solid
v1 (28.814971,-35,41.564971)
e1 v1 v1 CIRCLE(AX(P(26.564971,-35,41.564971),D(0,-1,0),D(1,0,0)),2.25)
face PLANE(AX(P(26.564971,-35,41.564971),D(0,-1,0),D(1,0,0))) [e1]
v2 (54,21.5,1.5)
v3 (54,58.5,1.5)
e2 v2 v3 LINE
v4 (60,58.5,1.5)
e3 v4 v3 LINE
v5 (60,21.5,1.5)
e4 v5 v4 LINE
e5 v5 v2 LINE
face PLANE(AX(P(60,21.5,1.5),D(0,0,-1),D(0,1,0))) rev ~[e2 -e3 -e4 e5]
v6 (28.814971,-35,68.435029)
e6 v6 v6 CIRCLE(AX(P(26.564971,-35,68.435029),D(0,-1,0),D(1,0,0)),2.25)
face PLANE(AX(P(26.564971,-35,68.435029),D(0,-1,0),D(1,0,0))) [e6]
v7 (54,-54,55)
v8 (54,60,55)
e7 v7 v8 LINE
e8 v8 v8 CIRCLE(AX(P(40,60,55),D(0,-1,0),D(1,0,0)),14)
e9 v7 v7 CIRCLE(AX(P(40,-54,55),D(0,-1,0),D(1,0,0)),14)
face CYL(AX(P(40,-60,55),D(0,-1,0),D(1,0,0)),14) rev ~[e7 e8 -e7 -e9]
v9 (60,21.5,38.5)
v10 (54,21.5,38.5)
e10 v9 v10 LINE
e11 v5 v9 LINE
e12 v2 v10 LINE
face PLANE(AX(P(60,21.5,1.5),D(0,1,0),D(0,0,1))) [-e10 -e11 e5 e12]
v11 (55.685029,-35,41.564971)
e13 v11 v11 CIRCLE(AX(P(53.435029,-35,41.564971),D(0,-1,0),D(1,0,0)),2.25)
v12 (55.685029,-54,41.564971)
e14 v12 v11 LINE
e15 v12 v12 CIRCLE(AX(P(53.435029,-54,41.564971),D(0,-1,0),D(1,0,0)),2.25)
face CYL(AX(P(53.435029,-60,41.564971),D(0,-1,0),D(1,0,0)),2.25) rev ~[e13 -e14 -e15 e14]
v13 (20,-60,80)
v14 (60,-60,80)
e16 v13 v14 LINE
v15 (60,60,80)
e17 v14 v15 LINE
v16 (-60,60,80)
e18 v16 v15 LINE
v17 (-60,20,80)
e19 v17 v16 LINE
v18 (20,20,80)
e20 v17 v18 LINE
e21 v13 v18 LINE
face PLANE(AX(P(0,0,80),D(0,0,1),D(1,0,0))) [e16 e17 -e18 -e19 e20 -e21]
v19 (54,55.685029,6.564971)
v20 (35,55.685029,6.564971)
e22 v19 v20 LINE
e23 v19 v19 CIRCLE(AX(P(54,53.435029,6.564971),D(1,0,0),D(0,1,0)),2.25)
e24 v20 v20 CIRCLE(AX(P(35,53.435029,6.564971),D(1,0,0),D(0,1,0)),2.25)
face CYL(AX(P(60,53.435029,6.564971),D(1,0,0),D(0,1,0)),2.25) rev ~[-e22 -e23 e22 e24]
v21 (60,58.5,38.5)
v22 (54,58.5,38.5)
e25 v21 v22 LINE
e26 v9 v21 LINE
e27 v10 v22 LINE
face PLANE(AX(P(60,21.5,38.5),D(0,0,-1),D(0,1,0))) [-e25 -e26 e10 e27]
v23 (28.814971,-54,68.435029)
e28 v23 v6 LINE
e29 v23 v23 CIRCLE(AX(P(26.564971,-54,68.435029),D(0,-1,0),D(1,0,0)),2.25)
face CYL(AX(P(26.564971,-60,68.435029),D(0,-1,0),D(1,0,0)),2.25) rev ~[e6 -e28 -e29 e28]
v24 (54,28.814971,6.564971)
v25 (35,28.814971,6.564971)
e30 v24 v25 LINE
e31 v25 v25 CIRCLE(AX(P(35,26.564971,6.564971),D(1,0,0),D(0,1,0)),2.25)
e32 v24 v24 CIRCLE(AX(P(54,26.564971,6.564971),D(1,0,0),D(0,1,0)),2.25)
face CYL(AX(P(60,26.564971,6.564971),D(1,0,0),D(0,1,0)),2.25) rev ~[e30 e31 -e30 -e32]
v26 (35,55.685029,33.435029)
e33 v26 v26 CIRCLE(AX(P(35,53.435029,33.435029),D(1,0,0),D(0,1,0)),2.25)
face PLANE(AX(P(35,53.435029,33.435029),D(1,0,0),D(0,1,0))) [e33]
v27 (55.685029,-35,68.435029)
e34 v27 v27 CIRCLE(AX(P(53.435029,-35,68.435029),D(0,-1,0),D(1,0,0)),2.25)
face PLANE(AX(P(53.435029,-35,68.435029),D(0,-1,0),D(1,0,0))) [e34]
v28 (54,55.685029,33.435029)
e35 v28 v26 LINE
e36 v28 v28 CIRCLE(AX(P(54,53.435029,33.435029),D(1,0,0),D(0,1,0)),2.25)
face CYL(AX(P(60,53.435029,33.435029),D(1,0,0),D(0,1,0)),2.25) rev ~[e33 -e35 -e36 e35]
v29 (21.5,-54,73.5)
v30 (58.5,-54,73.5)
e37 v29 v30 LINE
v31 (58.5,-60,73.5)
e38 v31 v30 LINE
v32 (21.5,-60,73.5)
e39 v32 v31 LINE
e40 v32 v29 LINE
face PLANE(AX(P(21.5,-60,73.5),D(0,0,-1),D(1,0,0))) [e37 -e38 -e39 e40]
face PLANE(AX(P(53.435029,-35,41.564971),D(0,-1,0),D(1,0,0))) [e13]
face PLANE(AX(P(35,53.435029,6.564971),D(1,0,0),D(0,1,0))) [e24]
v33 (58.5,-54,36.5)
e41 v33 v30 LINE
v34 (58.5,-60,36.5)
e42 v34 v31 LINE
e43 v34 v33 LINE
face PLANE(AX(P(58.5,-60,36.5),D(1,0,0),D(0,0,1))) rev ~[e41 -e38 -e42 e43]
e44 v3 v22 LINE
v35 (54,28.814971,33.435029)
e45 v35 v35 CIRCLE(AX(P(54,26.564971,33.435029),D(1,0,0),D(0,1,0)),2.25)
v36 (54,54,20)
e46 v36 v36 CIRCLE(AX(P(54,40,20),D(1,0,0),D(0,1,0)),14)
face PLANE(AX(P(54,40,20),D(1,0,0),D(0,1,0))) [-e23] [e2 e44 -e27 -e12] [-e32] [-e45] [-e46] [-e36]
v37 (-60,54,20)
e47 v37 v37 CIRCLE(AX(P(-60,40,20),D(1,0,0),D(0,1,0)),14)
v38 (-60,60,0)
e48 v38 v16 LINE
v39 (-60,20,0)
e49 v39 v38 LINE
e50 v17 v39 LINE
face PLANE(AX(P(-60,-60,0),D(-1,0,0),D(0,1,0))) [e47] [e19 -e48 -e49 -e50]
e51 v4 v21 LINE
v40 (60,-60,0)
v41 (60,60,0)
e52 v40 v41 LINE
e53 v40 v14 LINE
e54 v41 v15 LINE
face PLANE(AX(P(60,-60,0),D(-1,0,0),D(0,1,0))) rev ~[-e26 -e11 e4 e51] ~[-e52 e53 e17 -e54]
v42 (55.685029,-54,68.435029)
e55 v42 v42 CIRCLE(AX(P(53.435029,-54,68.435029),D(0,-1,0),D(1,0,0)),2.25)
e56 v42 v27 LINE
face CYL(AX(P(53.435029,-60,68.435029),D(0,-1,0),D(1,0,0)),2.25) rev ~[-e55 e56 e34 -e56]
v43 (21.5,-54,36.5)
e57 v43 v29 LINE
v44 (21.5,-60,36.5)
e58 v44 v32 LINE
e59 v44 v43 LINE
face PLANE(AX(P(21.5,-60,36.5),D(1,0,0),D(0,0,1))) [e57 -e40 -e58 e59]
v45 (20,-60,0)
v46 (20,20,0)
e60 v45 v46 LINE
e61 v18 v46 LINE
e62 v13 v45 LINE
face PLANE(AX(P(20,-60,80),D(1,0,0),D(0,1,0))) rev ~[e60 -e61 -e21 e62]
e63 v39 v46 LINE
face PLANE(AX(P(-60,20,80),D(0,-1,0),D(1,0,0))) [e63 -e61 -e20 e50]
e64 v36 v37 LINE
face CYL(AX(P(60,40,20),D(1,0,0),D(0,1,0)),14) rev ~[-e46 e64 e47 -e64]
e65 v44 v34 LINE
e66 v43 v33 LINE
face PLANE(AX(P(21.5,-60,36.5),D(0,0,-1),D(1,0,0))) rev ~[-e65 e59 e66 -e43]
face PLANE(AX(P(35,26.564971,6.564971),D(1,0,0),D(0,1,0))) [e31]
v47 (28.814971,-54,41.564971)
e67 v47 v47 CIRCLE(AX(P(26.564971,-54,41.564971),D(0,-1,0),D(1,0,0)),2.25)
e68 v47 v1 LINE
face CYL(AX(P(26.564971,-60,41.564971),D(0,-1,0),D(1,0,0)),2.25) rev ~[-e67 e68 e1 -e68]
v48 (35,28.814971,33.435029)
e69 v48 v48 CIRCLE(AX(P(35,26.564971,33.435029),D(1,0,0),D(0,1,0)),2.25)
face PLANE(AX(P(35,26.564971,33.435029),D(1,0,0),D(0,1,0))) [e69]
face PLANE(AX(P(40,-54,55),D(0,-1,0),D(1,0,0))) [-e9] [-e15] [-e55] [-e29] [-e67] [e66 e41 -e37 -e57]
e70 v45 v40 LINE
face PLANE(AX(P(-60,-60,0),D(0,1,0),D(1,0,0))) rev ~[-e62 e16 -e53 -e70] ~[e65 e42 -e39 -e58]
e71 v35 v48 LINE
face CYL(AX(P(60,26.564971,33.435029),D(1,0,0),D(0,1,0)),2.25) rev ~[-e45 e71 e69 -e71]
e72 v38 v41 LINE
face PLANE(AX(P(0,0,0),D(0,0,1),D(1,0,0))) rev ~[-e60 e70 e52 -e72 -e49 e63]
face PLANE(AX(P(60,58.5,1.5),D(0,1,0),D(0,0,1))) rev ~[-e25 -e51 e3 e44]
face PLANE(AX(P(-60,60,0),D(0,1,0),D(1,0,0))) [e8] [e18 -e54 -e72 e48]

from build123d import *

# Parameters (mm, degrees)
F0_W      = 120
F0_H      = 120
F1_DEPTH  = 80
F2_W      = 37
F2_H      = 37
F2_R      = 2.25
F2_R_2    = 14
F3_DEPTH  = 6
F4_DEPTH  = 120.001
F5_DEPTH  = 25
F6_W      = 37
F6_H      = 37
F6_R      = 2.25
F6_R_2    = 14
F7_DEPTH  = 6
F8_DEPTH  = 120.001
F9_DEPTH  = 25
F10_W     = 80
F10_H     = 80
F11_DEPTH = 80.001


with BuildPart() as f1:
    # F0 (on Top) → F1 (new body)
    with BuildSketch(Plane.XY):
        Rectangle(F0_W, F0_H)
    extrude(amount=F1_DEPTH)

    # F2 (on face) → F3 (cut)
    with BuildSketch(Plane.XZ.offset(60)):
        with Locations((40, 55)):
            Rectangle(F2_W, F2_H)
        with Locations((26.564971, 41.564971)):
            Circle(F2_R, mode=Mode.SUBTRACT)
        with Locations((53.435029, 41.564971)):
            Circle(F2_R, mode=Mode.SUBTRACT)
        with Locations((26.564971, 68.435029)):
            Circle(F2_R, mode=Mode.SUBTRACT)
        with Locations((40, 55)):
            Circle(F2_R_2, mode=Mode.SUBTRACT)
        with Locations((53.435029, 68.435029)):
            Circle(F2_R, mode=Mode.SUBTRACT)
        with Locations((26.564971, 68.435029)):
            Circle(F2_R)
        with Locations((40, 55)):
            Circle(F2_R_2)
        with Locations((53.435029, 68.435029)):
            Circle(F2_R)
        with Locations((53.435029, 41.564971)):
            Circle(F2_R)
        with Locations((26.564971, 41.564971)):
            Circle(F2_R)
    extrude(amount=-F3_DEPTH, mode=Mode.SUBTRACT)

    # F2 (on face) → F4 (cut, through all)
    with BuildSketch(Plane.XZ.offset(60)):
        with Locations((40, 55)):
            Circle(F2_R_2)
    extrude(amount=-F4_DEPTH, mode=Mode.SUBTRACT)

    # F2 (on face) → F5 (cut)
    with BuildSketch(Plane.XZ.offset(60)):
        with Locations((26.564971, 68.435029)):
            Circle(F2_R)
        with Locations((53.435029, 68.435029)):
            Circle(F2_R)
        with Locations((53.435029, 41.564971)):
            Circle(F2_R)
        with Locations((26.564971, 41.564971)):
            Circle(F2_R)
    extrude(amount=-F5_DEPTH, mode=Mode.SUBTRACT)

    # F6 (on face) → F7 (cut)
    with BuildSketch(Plane.YZ.offset(60)):
        with Locations((40, 20)):
            Rectangle(F6_W, F6_H)
        with Locations((26.564971, 6.564971)):
            Circle(F6_R, mode=Mode.SUBTRACT)
        with Locations((53.435029, 6.564971)):
            Circle(F6_R, mode=Mode.SUBTRACT)
        with Locations((26.564971, 33.435029)):
            Circle(F6_R, mode=Mode.SUBTRACT)
        with Locations((40, 20)):
            Circle(F6_R_2, mode=Mode.SUBTRACT)
        with Locations((53.435029, 33.435029)):
            Circle(F6_R, mode=Mode.SUBTRACT)
        with Locations((40, 20)):
            Circle(F6_R_2)
        with Locations((26.564971, 33.435029)):
            Circle(F6_R)
        with Locations((53.435029, 33.435029)):
            Circle(F6_R)
        with Locations((53.435029, 6.564971)):
            Circle(F6_R)
        with Locations((26.564971, 6.564971)):
            Circle(F6_R)
    extrude(amount=-F7_DEPTH, mode=Mode.SUBTRACT)

    # F6 (on face) → F8 (cut, through all)
    with BuildSketch(Plane.YZ.offset(60)):
        with Locations((40, 20)):
            Circle(F6_R_2)
    extrude(amount=-F8_DEPTH, mode=Mode.SUBTRACT)

    # F6 (on face) → F9 (cut)
    with BuildSketch(Plane.YZ.offset(60)):
        with Locations((26.564971, 33.435029)):
            Circle(F6_R)
        with Locations((53.435029, 33.435029)):
            Circle(F6_R)
        with Locations((53.435029, 6.564971)):
            Circle(F6_R)
        with Locations((26.564971, 6.564971)):
            Circle(F6_R)
    extrude(amount=-F9_DEPTH, mode=Mode.SUBTRACT)

    # F10 (on face) → F11 (cut, through all)
    with BuildSketch(Plane.XY.offset(80)):
        with Locations((-20, -20)):
            Rectangle(F10_W, F10_H)
    extrude(amount=-F11_DEPTH, mode=Mode.SUBTRACT)


solid = f1.part
